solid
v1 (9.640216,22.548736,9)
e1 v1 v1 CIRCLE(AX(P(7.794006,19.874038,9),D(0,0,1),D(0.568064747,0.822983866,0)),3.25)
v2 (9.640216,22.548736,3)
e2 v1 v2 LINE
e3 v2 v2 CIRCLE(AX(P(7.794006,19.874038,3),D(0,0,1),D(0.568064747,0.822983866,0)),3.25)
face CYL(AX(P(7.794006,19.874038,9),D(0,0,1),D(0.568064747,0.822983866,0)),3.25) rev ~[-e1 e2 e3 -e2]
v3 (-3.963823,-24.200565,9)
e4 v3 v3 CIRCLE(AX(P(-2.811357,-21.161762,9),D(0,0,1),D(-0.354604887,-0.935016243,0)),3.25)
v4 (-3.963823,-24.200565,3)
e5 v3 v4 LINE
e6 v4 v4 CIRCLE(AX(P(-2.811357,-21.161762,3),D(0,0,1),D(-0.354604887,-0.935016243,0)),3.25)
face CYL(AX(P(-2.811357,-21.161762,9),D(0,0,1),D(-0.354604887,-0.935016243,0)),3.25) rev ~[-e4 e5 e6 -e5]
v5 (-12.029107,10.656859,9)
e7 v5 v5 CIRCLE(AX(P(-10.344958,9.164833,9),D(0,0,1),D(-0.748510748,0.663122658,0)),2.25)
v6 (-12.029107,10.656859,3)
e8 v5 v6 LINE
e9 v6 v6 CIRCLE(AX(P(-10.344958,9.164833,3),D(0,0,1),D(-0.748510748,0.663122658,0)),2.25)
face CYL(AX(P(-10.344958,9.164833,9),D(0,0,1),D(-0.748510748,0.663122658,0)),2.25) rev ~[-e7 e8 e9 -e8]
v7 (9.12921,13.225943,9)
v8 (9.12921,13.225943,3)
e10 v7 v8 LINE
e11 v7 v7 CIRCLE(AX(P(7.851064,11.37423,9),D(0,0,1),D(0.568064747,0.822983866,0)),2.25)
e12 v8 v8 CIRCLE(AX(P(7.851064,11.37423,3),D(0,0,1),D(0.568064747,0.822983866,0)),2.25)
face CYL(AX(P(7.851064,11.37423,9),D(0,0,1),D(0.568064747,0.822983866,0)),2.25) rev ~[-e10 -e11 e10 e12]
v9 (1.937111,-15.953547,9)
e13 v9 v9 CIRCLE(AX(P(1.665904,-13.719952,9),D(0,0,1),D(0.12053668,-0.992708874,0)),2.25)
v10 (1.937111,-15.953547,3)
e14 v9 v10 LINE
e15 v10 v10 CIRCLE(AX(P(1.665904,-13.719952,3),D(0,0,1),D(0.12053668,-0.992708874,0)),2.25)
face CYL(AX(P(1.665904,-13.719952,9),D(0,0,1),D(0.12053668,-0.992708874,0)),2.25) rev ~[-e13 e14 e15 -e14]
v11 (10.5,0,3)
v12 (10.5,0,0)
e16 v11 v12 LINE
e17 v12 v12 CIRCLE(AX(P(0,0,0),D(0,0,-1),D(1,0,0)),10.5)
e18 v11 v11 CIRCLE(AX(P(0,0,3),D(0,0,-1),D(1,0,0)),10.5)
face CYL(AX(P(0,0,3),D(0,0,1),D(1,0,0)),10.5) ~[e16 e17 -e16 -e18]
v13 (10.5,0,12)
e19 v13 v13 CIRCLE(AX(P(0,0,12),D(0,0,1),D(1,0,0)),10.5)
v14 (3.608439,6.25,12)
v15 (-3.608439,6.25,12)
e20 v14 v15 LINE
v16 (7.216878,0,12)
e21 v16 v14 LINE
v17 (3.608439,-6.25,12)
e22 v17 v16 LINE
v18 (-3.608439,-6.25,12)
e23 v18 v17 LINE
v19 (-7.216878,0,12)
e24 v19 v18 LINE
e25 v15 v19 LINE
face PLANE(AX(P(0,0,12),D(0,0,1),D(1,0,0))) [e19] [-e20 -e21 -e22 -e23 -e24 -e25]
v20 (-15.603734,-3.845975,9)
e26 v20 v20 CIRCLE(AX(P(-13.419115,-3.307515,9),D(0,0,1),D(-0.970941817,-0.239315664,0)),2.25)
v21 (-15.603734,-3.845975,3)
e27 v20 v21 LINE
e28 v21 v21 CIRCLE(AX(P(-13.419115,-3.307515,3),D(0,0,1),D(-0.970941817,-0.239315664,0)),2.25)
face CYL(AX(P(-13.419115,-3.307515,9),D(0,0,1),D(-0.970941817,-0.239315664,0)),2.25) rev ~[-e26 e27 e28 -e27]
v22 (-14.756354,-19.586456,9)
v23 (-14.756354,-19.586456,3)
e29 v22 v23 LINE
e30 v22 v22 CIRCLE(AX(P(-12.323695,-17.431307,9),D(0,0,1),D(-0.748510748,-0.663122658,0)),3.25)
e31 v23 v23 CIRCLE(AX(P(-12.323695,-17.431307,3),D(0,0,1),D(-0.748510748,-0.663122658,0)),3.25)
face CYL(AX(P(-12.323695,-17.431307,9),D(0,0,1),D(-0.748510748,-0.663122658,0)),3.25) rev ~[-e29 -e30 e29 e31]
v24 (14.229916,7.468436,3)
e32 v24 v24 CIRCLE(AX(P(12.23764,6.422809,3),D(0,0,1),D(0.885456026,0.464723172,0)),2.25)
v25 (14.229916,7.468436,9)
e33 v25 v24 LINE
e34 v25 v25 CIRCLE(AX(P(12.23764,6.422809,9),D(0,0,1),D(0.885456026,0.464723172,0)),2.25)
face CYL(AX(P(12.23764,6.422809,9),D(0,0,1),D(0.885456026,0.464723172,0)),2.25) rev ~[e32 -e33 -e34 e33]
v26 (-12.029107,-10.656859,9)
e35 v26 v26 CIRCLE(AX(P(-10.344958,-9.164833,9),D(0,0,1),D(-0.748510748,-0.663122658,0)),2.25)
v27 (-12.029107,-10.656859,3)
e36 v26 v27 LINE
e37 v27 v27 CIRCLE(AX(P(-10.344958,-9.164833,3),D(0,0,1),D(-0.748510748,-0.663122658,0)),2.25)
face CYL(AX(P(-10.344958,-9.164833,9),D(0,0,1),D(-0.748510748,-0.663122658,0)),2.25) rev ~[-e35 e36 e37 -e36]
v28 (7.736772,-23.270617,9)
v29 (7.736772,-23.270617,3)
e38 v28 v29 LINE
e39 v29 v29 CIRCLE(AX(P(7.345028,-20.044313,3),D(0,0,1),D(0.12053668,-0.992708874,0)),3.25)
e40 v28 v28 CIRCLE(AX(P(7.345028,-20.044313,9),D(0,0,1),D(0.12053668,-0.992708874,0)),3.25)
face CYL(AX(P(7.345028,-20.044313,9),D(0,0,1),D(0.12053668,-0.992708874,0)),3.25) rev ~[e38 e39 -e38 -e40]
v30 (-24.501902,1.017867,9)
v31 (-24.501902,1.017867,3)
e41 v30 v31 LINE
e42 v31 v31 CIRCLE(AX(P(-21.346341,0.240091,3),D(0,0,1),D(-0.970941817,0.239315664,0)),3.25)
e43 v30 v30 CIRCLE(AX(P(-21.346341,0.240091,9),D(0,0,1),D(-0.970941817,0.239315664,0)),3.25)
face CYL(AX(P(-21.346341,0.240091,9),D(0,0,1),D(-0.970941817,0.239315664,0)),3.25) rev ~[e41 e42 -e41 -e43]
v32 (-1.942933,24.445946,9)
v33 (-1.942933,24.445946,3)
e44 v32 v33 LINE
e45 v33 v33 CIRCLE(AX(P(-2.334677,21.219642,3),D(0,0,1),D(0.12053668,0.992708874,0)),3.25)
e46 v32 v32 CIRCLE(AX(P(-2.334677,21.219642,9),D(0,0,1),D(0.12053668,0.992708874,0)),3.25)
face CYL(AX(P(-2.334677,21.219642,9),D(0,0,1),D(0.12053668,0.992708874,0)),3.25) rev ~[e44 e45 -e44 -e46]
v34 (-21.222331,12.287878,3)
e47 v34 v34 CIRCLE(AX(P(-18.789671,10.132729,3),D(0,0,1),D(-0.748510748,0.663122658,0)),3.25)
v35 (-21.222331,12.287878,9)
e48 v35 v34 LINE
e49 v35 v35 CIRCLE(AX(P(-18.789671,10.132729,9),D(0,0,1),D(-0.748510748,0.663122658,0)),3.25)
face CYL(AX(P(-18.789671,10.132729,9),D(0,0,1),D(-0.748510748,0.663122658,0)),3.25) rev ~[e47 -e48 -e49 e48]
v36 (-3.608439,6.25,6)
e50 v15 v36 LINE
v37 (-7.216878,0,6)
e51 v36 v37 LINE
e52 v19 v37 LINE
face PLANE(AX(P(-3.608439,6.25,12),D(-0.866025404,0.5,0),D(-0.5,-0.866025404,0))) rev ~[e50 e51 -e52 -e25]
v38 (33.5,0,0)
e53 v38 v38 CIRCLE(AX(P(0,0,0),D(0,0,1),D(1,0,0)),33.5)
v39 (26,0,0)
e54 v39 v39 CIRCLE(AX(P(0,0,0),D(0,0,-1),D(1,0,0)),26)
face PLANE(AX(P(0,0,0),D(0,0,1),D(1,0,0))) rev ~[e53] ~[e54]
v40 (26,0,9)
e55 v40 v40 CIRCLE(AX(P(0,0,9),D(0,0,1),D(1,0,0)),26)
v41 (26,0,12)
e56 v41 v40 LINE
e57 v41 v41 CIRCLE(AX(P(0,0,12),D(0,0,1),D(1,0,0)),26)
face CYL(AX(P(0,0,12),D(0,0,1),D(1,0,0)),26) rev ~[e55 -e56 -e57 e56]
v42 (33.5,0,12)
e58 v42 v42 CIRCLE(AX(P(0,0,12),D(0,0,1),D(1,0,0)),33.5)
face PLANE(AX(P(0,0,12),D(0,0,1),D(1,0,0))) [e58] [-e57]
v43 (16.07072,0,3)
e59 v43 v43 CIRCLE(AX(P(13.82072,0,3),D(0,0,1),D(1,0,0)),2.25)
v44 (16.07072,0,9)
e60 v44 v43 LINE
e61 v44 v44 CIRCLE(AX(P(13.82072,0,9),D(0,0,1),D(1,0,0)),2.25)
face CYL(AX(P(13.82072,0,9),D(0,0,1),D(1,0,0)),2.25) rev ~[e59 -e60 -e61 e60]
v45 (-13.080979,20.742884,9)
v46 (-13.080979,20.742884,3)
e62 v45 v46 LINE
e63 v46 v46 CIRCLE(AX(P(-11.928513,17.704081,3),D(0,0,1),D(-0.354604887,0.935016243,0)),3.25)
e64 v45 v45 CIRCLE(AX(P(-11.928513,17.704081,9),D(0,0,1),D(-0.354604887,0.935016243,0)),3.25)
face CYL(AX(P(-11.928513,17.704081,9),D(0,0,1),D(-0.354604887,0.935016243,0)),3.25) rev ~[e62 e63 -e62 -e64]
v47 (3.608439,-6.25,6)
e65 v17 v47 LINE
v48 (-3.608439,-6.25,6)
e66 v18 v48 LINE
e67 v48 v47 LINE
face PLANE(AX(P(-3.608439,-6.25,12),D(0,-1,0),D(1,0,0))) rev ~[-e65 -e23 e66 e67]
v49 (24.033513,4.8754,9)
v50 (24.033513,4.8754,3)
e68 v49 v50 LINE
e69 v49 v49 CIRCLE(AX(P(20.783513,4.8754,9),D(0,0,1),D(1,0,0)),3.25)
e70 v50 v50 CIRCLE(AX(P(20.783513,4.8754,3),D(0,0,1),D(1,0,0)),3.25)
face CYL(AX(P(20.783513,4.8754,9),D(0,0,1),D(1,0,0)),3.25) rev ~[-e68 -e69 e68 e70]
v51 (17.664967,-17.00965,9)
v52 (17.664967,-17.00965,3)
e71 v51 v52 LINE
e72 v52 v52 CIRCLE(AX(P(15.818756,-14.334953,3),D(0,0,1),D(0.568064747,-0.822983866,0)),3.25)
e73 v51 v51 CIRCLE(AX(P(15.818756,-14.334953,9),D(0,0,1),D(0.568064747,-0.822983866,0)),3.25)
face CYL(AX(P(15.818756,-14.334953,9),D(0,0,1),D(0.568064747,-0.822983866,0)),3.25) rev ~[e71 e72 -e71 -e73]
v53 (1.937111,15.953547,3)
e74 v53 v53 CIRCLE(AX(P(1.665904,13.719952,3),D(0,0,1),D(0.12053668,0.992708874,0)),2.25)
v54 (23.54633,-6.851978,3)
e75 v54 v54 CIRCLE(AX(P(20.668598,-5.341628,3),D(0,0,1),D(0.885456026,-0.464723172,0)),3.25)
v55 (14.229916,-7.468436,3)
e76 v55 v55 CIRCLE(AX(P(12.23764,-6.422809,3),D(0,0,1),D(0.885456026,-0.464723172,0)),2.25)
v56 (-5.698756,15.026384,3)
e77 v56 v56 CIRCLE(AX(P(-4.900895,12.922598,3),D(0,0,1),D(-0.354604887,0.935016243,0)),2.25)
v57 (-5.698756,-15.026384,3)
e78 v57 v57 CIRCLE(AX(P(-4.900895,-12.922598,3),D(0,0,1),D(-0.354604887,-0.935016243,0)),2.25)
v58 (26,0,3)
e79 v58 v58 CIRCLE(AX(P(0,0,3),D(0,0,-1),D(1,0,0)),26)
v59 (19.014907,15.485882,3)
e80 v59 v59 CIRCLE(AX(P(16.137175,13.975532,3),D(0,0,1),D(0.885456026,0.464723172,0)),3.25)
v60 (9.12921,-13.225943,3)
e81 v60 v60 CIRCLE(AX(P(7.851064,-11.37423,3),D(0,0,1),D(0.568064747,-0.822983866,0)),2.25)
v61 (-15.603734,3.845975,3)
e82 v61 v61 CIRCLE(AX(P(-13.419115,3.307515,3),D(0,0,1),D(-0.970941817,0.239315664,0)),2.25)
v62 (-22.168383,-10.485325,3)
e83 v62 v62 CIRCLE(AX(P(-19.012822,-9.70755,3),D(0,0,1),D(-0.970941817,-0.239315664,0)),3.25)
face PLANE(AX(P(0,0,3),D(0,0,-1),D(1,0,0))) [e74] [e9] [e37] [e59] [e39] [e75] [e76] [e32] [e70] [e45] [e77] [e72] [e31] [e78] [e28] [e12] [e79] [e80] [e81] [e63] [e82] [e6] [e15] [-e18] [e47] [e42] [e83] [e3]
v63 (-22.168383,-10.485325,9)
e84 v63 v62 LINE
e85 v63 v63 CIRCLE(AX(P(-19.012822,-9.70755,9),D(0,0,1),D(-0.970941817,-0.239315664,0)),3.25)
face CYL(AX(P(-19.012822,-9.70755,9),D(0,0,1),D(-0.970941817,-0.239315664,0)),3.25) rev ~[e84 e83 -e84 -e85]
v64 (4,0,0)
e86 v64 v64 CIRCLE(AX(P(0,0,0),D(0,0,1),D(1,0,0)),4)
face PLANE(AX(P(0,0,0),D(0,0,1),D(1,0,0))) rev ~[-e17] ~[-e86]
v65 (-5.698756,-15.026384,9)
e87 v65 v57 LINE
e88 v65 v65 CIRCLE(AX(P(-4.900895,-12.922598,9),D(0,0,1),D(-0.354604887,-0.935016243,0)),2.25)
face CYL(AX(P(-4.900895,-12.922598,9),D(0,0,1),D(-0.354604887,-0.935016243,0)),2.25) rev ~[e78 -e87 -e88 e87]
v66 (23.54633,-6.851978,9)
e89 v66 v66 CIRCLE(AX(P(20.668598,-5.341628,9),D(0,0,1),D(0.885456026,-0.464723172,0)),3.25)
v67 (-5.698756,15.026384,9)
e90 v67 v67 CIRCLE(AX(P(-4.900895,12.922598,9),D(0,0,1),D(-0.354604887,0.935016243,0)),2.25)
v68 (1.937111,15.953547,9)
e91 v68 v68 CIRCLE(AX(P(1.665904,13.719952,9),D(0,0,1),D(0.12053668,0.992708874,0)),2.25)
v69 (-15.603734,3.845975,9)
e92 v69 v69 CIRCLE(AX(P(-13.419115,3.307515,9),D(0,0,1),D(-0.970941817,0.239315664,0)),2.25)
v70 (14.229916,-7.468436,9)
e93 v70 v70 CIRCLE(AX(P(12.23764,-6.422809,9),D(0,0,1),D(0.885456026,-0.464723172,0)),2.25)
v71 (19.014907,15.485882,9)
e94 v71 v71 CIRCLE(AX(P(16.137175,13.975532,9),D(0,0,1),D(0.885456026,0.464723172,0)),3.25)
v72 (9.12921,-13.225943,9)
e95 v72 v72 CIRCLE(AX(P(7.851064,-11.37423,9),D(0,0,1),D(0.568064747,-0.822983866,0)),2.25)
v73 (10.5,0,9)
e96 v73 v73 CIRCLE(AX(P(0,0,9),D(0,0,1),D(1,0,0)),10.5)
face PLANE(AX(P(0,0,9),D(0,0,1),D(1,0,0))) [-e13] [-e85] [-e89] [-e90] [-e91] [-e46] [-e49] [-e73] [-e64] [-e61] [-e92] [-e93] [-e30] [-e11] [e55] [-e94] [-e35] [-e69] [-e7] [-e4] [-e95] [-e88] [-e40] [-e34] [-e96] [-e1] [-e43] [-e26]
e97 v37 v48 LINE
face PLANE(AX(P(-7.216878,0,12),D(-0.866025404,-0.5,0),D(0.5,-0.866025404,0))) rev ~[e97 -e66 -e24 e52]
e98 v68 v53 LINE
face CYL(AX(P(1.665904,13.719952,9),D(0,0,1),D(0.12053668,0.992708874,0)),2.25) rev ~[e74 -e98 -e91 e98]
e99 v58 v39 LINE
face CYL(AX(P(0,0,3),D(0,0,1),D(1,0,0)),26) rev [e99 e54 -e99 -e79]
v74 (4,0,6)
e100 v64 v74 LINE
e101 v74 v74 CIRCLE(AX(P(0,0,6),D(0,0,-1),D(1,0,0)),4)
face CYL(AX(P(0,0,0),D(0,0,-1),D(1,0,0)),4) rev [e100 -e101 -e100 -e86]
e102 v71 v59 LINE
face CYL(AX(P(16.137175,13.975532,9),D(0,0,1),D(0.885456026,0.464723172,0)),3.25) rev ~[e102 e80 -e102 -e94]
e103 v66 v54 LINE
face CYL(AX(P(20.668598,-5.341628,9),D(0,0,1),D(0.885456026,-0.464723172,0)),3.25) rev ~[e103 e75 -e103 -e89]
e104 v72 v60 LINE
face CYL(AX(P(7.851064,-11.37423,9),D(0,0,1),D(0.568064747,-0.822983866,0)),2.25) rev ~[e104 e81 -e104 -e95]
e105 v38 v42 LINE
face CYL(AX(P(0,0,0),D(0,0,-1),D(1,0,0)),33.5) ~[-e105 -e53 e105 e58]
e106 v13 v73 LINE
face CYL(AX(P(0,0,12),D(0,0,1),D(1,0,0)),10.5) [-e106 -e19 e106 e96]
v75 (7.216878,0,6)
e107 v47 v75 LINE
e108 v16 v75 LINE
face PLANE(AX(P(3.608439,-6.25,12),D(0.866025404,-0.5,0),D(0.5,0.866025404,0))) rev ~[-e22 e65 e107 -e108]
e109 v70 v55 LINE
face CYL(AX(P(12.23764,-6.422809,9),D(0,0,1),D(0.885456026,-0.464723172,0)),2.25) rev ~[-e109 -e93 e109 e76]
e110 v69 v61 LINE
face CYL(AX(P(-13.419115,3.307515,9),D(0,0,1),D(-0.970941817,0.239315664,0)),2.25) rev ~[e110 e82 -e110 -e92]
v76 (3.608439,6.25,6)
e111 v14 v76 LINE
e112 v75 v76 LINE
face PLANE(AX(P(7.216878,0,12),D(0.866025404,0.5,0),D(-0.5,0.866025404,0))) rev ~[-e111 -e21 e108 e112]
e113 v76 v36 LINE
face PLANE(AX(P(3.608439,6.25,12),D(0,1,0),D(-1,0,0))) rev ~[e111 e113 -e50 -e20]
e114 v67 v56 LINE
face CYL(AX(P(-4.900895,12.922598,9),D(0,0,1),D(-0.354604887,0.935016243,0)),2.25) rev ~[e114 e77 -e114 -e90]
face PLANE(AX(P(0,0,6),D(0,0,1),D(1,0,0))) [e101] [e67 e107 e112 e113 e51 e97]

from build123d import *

# Parameters (mm, degrees)
SKETCH1_R           = 33.5
SKETCH1_R_2         = 4
BOSS_EXTRUDE1_DEPTH = 12
CUT_EXTRUDE1_DEPTH  = 6
SKETCH3_R           = 26
SKETCH3_R_2         = 10.5
CUT_EXTRUDE2_DEPTH  = 3
CUT_EXTRUDE3_START  = -3
SKETCH4_R           = 26
SKETCH4_R_2         = 10.5
CUT_EXTRUDE3_DEPTH  = 3
SKETCH5_R           = 2.25
SKETCH5_R_2         = 3.25
CUT_EXTRUDE4_DEPTH  = 10
CIRPATTERN1_COUNT   = 13


with BuildPart() as part:
    # Sketch1 → Boss-Extrude1 (new body)
    with BuildSketch(Plane.XY):
        Circle(SKETCH1_R)
        Circle(SKETCH1_R_2, mode=Mode.SUBTRACT)
    extrude(amount=BOSS_EXTRUDE1_DEPTH)

    # Sketch2 → Cut-Extrude1 (cut)
    with BuildSketch(Plane.XY.offset(12)):
        Polygon((7.216878365, 0), (3.608439182, 6.25), (-3.608439182, 6.25), (-7.216878365, 0), (-3.608439182, -6.25), (3.608439182, -6.25), align=None)
    extrude(amount=-CUT_EXTRUDE1_DEPTH, mode=Mode.SUBTRACT)

    # Sketch3 → Cut-Extrude2 (cut)
    with BuildSketch(Plane.XY.offset(12)):
        Circle(SKETCH3_R)
        Circle(SKETCH3_R_2, mode=Mode.SUBTRACT)
    extrude(amount=-CUT_EXTRUDE2_DEPTH, mode=Mode.SUBTRACT)

    # Sketch4 → Cut-Extrude3 (cut)
    with BuildSketch(Plane(origin=(0, 0, 0), x_dir=(-1, 0, 0), z_dir=(0, 0, -1)).offset(CUT_EXTRUDE3_START)):
        with Locations(Location((0, 0, 0), (0, 0, 180))):
            Circle(SKETCH4_R)
        with Locations(Location((0, 0, 0), (0, 0, 180))):
            Circle(SKETCH4_R_2, mode=Mode.SUBTRACT)
    extrude(amount=CUT_EXTRUDE3_DEPTH, mode=Mode.SUBTRACT)

    # Sketch5 → Cut-Extrude4 (cut)
    with BuildSketch(Plane.XY.offset(9)):
        with Locations((13.82072024, 0)):
            Circle(SKETCH5_R)
        with Locations((20.783512616, 4.875399709)):
            Circle(SKETCH5_R_2)
    cut_extrude4 = extrude(amount=-CUT_EXTRUDE4_DEPTH, mode=Mode.SUBTRACT)

    # CirPattern1: Cut-Extrude4 ×13 about axis
    cirpattern1_axis = Axis((0, 0, 0), (0, 0, 1))
    for i in range(1, CIRPATTERN1_COUNT):
        add(cut_extrude4.rotate(cirpattern1_axis, i * 360 / CIRPATTERN1_COUNT), mode=Mode.SUBTRACT)


solid = part.part
